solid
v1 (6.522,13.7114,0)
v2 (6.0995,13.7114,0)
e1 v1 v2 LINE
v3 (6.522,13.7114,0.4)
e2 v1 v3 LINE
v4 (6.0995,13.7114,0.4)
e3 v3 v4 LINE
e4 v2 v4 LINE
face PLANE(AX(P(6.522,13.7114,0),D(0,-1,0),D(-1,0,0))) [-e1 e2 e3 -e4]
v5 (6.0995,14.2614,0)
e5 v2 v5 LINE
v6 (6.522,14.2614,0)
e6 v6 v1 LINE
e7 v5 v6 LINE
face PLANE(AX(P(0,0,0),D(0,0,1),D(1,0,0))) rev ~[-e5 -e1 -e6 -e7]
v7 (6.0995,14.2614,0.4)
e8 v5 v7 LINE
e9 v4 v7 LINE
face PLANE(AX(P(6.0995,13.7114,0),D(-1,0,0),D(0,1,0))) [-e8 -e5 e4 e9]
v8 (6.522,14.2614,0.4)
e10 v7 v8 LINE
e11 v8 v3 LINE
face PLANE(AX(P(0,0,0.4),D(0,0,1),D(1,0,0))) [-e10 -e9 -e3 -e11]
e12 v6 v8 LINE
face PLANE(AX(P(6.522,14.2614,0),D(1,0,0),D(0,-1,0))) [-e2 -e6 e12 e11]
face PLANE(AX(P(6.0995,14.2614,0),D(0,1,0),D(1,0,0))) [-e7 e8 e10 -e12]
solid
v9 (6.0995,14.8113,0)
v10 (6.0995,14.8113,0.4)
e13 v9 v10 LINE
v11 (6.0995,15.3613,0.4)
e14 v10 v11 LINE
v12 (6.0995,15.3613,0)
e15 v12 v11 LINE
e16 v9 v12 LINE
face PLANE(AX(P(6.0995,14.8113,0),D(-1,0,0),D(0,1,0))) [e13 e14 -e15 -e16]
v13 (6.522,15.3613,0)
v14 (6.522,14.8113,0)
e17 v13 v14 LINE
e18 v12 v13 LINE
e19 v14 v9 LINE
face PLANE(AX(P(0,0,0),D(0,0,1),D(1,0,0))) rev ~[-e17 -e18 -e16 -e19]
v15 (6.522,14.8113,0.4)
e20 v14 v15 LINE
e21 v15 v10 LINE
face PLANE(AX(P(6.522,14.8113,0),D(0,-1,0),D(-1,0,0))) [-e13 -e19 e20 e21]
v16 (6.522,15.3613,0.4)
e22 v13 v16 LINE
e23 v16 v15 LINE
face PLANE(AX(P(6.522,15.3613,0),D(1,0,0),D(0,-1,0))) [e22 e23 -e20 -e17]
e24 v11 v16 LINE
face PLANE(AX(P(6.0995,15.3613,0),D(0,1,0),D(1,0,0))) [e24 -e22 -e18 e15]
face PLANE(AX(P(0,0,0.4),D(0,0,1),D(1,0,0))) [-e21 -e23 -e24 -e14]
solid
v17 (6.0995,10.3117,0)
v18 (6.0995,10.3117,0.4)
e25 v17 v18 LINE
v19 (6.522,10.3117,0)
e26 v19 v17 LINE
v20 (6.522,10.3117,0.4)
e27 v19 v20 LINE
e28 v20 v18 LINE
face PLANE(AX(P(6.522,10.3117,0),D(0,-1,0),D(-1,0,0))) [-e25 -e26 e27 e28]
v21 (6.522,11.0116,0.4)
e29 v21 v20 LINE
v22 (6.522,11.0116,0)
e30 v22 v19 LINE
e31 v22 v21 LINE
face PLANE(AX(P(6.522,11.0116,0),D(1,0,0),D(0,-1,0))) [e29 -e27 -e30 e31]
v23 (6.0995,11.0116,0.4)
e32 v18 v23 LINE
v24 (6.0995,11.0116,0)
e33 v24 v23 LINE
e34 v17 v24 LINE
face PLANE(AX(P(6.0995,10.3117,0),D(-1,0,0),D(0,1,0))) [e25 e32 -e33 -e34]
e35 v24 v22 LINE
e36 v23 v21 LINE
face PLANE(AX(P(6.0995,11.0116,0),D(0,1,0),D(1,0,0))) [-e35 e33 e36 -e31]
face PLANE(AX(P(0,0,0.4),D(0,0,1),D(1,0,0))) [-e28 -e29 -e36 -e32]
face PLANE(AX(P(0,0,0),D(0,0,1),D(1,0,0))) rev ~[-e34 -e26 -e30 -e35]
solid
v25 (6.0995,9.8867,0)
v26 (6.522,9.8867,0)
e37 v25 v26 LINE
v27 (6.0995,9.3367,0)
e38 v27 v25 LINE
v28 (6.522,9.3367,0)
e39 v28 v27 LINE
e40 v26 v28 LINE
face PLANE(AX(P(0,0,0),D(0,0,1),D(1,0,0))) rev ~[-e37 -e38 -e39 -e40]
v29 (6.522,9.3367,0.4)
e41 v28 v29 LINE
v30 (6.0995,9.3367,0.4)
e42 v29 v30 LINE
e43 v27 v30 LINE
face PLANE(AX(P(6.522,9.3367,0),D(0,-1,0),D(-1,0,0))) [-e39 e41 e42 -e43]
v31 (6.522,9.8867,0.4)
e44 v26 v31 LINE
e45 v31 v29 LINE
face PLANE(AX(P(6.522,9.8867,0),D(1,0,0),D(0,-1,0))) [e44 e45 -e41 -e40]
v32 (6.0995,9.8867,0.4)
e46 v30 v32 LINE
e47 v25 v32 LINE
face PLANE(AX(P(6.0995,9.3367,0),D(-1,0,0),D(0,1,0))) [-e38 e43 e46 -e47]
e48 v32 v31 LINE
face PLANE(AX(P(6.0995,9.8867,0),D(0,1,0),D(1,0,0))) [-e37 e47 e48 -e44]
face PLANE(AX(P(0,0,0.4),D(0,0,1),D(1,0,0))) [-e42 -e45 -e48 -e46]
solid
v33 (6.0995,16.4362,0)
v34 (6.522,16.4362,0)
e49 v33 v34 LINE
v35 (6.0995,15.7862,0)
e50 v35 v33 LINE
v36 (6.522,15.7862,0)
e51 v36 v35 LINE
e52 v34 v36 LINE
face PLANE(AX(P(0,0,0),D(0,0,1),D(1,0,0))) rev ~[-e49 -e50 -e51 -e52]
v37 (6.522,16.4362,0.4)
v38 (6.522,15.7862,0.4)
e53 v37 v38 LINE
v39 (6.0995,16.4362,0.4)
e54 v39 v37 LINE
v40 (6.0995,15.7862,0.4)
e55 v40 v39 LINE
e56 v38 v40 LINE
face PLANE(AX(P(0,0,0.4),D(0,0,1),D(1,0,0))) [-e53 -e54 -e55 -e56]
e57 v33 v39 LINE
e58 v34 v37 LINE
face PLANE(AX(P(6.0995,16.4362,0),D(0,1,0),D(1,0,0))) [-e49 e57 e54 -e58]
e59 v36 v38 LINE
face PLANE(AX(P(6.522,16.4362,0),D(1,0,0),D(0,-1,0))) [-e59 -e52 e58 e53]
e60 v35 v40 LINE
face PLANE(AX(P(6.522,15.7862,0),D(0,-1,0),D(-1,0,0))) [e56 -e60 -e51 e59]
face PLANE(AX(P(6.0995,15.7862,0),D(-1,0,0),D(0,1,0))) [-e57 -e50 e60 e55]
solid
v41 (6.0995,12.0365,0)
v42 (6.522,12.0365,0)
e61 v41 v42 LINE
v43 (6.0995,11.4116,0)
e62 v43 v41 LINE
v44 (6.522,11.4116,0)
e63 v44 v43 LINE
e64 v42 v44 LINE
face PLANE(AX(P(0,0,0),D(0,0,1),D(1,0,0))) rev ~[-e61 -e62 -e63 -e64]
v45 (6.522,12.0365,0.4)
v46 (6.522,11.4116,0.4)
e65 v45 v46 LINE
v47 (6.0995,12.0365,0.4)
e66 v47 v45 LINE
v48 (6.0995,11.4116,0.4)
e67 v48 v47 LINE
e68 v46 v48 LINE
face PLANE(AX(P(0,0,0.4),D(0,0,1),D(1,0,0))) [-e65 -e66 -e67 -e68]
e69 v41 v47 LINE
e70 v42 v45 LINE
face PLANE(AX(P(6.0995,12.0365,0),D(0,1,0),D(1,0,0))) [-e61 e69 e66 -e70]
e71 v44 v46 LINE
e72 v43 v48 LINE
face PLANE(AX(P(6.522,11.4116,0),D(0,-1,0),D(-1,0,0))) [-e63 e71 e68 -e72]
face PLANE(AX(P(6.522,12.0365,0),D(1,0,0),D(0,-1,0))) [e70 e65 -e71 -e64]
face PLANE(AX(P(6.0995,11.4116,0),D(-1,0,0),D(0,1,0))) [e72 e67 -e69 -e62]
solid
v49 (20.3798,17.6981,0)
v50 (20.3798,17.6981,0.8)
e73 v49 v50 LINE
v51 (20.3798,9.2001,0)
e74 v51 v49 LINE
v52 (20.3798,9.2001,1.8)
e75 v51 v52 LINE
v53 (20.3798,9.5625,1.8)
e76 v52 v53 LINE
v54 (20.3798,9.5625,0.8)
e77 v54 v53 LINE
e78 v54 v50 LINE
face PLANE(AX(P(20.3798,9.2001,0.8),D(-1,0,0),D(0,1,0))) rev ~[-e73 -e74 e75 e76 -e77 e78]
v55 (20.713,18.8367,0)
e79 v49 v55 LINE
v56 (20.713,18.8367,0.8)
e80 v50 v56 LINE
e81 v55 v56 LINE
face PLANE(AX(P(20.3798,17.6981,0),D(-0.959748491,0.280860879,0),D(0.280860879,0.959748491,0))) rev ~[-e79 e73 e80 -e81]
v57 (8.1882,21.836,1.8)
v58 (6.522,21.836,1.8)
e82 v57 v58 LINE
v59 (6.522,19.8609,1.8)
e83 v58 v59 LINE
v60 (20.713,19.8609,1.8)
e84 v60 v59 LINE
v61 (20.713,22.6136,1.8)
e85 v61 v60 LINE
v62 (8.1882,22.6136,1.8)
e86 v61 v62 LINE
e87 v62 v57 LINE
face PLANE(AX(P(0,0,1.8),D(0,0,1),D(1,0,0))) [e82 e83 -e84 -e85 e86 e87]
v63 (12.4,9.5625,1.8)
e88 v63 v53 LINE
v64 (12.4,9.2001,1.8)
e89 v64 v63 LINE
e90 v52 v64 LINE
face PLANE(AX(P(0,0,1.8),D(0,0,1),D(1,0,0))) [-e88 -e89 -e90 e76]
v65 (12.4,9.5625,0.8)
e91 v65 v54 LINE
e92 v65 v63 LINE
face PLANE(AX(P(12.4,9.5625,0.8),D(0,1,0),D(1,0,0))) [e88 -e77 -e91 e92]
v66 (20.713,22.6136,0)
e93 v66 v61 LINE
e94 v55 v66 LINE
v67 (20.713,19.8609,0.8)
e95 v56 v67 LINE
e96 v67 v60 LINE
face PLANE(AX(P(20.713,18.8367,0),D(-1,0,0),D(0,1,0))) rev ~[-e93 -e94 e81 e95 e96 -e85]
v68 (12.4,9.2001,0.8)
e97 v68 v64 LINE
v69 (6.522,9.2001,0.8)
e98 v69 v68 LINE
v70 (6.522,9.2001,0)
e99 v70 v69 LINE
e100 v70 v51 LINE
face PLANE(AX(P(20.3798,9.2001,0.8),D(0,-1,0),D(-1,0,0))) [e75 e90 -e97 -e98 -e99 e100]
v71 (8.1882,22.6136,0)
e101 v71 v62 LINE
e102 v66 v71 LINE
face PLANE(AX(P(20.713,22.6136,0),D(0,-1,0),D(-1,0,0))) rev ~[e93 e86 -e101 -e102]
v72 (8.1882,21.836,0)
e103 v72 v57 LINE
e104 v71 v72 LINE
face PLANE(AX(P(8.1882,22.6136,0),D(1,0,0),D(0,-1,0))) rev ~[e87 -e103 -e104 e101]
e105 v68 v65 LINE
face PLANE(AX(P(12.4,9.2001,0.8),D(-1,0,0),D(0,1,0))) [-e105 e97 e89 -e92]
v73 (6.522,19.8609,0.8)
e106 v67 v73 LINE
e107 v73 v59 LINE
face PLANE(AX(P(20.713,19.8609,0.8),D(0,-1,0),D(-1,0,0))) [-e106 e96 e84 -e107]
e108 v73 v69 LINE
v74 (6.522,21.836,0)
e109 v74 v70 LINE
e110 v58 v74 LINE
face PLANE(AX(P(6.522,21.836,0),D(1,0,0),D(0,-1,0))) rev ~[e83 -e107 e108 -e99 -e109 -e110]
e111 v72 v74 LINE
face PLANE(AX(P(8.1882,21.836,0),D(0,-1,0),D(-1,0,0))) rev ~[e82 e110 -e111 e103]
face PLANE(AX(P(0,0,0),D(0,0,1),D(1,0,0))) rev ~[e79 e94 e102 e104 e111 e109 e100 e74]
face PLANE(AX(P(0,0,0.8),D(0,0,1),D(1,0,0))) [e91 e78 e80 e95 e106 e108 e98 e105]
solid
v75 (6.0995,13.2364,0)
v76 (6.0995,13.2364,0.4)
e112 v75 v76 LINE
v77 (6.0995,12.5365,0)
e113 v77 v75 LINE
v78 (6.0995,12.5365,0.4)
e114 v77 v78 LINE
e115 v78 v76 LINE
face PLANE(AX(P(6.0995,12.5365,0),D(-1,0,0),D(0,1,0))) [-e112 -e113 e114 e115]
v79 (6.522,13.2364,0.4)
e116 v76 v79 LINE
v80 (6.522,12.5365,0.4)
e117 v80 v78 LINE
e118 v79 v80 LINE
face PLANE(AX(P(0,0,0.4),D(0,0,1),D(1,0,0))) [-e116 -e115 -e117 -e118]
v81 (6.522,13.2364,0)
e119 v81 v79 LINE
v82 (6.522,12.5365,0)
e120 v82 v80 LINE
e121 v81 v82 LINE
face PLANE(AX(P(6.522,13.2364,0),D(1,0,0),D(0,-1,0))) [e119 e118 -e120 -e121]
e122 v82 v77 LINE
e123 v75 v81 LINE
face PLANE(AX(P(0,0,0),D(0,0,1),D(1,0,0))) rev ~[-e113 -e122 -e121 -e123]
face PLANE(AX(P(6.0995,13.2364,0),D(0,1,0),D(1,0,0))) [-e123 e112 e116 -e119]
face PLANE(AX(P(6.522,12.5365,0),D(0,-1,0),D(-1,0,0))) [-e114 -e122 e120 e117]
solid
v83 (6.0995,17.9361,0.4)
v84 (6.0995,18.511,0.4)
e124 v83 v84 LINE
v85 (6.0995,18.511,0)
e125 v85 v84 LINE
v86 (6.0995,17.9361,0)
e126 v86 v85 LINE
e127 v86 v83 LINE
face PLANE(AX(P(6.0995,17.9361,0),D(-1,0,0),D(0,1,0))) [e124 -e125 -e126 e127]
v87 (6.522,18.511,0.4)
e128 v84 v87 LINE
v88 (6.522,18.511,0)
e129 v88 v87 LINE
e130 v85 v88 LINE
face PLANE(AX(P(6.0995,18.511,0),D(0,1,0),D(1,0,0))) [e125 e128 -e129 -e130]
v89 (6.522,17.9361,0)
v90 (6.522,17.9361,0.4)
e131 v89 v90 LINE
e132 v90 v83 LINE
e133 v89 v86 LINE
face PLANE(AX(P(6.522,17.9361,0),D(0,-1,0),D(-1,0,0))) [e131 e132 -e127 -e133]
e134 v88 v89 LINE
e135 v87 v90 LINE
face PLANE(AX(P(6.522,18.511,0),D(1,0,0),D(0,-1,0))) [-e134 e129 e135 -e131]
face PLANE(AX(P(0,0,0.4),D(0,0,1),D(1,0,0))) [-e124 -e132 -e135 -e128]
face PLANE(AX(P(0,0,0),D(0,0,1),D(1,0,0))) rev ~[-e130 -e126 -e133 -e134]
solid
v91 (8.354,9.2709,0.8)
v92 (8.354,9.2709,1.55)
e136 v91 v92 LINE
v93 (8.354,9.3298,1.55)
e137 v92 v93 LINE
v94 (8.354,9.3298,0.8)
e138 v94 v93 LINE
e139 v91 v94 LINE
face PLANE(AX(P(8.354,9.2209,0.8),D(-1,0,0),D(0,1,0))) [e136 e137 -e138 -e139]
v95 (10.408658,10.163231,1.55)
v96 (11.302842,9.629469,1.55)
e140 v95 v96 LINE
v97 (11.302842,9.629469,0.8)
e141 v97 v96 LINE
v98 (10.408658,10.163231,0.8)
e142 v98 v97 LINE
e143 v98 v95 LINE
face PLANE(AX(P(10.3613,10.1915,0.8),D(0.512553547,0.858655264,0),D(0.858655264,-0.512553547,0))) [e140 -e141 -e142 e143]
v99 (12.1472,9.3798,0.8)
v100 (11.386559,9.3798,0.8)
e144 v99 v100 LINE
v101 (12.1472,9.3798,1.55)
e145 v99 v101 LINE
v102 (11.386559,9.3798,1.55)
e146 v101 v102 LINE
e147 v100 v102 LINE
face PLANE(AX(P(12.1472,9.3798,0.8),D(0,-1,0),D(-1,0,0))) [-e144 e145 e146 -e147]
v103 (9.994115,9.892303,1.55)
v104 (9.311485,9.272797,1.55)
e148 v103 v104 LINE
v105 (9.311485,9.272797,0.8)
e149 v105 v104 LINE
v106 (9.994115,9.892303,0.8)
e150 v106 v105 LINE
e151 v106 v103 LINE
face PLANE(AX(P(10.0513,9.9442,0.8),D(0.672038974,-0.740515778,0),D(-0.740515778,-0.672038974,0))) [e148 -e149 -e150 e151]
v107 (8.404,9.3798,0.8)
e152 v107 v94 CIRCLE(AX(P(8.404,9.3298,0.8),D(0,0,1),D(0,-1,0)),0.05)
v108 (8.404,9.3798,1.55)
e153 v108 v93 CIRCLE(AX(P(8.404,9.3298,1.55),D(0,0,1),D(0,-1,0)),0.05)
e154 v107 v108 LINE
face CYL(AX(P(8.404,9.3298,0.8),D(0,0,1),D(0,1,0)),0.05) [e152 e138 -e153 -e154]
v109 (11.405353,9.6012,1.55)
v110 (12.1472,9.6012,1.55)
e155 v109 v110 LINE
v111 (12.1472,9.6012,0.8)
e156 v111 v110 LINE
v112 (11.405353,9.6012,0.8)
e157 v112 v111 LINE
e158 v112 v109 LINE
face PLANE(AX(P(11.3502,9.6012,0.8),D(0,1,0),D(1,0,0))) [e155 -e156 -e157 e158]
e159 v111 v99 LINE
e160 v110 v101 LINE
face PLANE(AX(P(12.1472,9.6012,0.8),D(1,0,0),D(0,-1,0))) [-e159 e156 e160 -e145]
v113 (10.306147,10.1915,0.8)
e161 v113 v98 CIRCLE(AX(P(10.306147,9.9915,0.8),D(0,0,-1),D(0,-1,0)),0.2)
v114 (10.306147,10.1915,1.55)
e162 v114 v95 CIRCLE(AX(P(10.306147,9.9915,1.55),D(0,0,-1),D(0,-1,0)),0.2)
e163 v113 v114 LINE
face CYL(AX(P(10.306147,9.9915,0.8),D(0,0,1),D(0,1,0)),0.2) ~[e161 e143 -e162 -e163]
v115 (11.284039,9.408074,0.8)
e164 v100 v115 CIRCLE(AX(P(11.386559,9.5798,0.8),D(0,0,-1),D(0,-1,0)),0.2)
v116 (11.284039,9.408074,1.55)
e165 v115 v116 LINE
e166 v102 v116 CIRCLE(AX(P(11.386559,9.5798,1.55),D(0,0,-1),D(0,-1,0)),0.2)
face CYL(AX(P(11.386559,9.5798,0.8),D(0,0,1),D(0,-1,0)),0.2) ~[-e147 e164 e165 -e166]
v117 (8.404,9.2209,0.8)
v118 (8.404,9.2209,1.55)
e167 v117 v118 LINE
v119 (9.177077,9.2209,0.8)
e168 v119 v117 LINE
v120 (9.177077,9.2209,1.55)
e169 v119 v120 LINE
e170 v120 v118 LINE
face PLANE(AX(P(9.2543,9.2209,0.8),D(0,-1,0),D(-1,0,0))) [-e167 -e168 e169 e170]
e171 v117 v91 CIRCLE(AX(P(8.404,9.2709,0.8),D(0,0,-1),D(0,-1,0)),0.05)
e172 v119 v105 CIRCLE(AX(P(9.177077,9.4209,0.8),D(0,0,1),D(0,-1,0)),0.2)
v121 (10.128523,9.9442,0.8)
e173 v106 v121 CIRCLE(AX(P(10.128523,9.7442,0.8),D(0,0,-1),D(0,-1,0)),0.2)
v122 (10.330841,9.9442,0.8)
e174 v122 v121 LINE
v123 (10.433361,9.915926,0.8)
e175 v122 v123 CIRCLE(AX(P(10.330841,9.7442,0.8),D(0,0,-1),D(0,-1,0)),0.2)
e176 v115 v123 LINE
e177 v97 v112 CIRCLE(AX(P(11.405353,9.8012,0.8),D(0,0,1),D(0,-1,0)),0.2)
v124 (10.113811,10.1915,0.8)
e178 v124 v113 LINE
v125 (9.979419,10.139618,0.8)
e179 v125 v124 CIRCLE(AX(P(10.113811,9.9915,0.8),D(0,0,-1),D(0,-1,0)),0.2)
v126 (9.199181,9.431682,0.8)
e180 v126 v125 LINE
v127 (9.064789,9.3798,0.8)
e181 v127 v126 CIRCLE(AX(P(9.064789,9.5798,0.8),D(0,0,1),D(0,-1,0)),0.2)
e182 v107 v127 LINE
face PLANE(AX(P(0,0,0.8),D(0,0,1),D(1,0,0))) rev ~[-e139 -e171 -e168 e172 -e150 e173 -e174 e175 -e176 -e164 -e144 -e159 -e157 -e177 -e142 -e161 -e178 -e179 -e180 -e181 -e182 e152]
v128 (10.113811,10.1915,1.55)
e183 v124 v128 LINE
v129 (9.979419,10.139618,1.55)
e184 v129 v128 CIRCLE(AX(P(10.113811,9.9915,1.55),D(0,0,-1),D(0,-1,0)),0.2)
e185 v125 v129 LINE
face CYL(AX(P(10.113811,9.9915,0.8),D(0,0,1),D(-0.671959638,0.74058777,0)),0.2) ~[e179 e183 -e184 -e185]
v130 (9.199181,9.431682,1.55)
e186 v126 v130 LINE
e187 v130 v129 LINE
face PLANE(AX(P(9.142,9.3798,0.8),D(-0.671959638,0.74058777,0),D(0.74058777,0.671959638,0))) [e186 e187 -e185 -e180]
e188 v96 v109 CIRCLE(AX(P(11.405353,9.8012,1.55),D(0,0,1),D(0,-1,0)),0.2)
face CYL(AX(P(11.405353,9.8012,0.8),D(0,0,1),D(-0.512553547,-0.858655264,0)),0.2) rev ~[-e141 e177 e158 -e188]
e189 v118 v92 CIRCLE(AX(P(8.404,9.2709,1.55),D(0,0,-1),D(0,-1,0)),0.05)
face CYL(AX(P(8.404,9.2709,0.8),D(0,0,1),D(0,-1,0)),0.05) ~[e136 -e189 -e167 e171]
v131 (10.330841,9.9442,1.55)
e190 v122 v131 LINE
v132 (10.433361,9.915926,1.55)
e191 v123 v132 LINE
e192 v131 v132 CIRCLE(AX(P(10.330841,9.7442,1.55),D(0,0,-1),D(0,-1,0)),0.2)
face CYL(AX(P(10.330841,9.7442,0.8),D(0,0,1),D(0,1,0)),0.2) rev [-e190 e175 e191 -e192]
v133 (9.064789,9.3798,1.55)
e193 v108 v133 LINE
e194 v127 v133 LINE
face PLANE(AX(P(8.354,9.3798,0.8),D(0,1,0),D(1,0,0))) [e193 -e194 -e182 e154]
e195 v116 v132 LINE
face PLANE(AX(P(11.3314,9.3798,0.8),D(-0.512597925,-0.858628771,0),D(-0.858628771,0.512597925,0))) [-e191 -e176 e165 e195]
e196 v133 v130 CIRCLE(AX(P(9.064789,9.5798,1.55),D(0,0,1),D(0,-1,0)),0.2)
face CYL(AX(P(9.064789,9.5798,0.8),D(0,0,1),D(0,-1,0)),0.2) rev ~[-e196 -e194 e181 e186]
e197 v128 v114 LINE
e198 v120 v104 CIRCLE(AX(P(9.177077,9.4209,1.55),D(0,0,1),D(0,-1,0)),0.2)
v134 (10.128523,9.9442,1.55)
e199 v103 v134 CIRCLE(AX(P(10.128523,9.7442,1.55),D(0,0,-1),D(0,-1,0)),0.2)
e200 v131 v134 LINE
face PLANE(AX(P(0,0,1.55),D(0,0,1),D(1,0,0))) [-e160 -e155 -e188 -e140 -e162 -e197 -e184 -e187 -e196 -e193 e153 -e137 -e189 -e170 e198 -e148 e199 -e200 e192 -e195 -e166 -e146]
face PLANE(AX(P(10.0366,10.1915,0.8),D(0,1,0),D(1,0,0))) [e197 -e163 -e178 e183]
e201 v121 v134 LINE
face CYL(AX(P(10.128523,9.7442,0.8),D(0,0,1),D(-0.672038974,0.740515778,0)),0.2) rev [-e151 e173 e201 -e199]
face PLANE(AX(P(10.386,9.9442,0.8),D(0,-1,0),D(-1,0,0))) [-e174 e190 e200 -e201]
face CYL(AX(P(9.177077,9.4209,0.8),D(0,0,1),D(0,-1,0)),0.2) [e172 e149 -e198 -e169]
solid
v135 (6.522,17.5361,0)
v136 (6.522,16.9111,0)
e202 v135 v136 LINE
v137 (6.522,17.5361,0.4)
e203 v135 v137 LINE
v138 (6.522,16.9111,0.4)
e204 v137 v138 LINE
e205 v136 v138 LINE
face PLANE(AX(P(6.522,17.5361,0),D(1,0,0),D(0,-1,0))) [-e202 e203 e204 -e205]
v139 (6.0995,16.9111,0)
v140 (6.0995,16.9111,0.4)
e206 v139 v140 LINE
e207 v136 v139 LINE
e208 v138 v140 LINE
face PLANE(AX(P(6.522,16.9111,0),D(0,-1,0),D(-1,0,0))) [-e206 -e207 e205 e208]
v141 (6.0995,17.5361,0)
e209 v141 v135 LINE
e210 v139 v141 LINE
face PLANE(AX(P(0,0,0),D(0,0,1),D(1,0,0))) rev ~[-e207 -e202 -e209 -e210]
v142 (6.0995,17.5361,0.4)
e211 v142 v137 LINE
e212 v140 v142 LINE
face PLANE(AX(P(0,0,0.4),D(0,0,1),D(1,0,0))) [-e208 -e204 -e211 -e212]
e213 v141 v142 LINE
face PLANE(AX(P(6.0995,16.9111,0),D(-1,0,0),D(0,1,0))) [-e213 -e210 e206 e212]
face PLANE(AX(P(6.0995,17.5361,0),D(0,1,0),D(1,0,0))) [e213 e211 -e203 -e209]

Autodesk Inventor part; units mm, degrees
ref_plane "YZ Plane" through (0, 0, 0) normal (1, 0, 0) x (0, 1, 0)
ref_plane "XZ Plane" through (0, 0, 0) normal (0, 1, 0) x (-1, 0, 0)
ref_plane "XY Plane" through (0, 0, 0) normal (0, 0, 1) x (1, 0, 0)
sketch "Sketch1" plane through (0, 0, 0) normal (0, 0, 1) x (1, 0, 0)
  line L0 (20.713, 22.6136) -> (8.1882, 22.6136)
  line L1 (8.1882, 22.6136) -> (8.1882, 21.836)
  line L2 (8.1882, 21.836) -> (6.522, 21.836)
  line L3 (6.522, 21.836) -> (6.522, 9.2001)
  line L4 (6.522, 9.2001) -> (20.3798, 9.2001)
  line L5 (20.3798, 9.2001) -> (20.3798, 17.6981)
  line L6 (20.3798, 17.6981) -> (20.713, 18.8367)
  line L7 (20.713, 18.8367) -> (20.713, 22.6136)
  point P0 (0, 0)
extrude "Extrusion1" add sketch "Sketch1" along normal blind 0.8
sketch "Sketch2" plane through (0, 0, 0.8) normal (0, 0, 1) x (1, 0, 0)
  line L0 (20.713, 22.6136) -> (8.1882, 22.6136) projected
  line L1 (20.713, 22.6136) -> (20.713, 19.8609)
  line L2 (20.713, 18.8367) -> (20.713, 22.6136) projected
  line L3 (20.713, 19.8609) -> (6.522, 19.8609)
  line L4 (6.522, 21.836) -> (6.522, 9.2001) projected
  line L5 (6.522, 19.8609) -> (6.522, 21.836)
  line L6 (8.1882, 21.836) -> (6.522, 21.836) projected
  line L7 (6.522, 21.836) -> (8.1882, 21.836)
  line L8 (8.1882, 22.6136) -> (8.1882, 21.836) projected
  line L9 (8.1882, 21.836) -> (8.1882, 22.6136)
  line L10 (8.1882, 22.6136) -> (20.713, 22.6136)
  line L11 (20.713, 19.8609) -> (6.522, 19.8609)
  point P0 (0, 0)
extrude "Extrusion2" add sketch "Sketch2" along normal blind 1
ref_plane "Work Plane1" through (0, 0, 0) normal (0, 0, 1) x (1, 0, 0)
sketch "Sketch3" plane through (0, 0, 0) normal (0, 0, 1) x (1, 0, 0)
  line L0 (6.522, 21.836) -> (6.522, 9.2001) projected
  line L1 (6.0995, 18.511) -> (6.522, 18.511)
  line L2 (6.522, 18.511) -> (6.522, 17.9361)
  line L3 (6.522, 17.9361) -> (6.0995, 17.9361)
  line L4 (6.0995, 17.9361) -> (6.0995, 18.511)
  line L5 (6.0995, 17.5361) -> (6.522, 17.5361)
  line L6 (6.522, 17.5361) -> (6.522, 16.9111)
  line L7 (6.522, 16.9111) -> (6.0995, 16.9111)
  line L8 (6.0995, 16.9111) -> (6.0995, 17.5361)
  line L9 (6.0995, 16.4362) -> (6.522, 16.4362)
  line L10 (6.522, 16.4362) -> (6.522, 15.7862)
  line L11 (6.522, 15.7862) -> (6.0995, 15.7862)
  line L12 (6.0995, 15.7862) -> (6.0995, 16.4362)
  line L13 (6.0995, 15.3613) -> (6.522, 15.3613)
  line L14 (6.522, 15.3613) -> (6.522, 14.8113)
  line L15 (6.522, 14.8113) -> (6.0995, 14.8113)
  line L16 (6.0995, 14.8113) -> (6.0995, 15.3613)
  line L17 (6.0995, 14.2614) -> (6.522, 14.2614)
  line L18 (6.522, 14.2614) -> (6.522, 13.7114)
  line L19 (6.522, 13.7114) -> (6.0995, 13.7114)
  line L20 (6.0995, 13.7114) -> (6.0995, 14.2614)
  line L21 (6.0995, 13.2364) -> (6.522, 13.2364)
  line L22 (6.522, 13.2364) -> (6.522, 12.5365)
  line L23 (6.522, 12.5365) -> (6.0995, 12.5365)
  line L24 (6.0995, 12.5365) -> (6.0995, 13.2364)
  line L25 (6.0995, 12.0365) -> (6.522, 12.0365)
  line L26 (6.522, 12.0365) -> (6.522, 11.4116)
  line L27 (6.522, 11.4116) -> (6.0995, 11.4116)
  line L28 (6.0995, 11.4116) -> (6.0995, 12.0365)
  line L29 (6.0995, 11.0116) -> (6.522, 11.0116)
  line L30 (6.522, 11.0116) -> (6.522, 10.3117)
  line L31 (6.522, 10.3117) -> (6.0995, 10.3117)
  line L32 (6.0995, 10.3117) -> (6.0995, 11.0116)
  line L33 (6.0995, 9.8867) -> (6.522, 9.8867)
  line L34 (6.522, 9.8867) -> (6.522, 9.3367)
  line L35 (6.522, 9.3367) -> (6.0995, 9.3367)
  line L36 (6.0995, 9.3367) -> (6.0995, 9.8867)
  point P0 (0, 0)
extrude "Extrusion3" add sketch "Sketch3" along normal blind 0.4 separate body
sketch "Sketch4" plane through (0, 0, 0.8) normal (0, 0, 1) x (1, 0, 0)
  line L0 (20.3798, 9.2001) -> (20.3798, 17.6981) projected
  line L1 (20.3798, 9.2001) -> (12.4, 9.2001)
  line L2 (12.4, 9.2001) -> (12.4, 9.5625)
  line L3 (12.4, 9.5625) -> (20.3798, 9.5625)
  line L4 (20.3798, 9.5625) -> (20.3798, 9.2001)
  point P0 (0, 0)
extrude "Extrusion4" add sketch "Sketch4" along normal blind 1 bodies 1
sketch "Sketch5" plane through (0, 0, 0.8) normal (0, 0, 1) x (1, 0, 0)
  line L0 (8.354, 9.3798) -> (9.142, 9.3798)
  line L1 (9.142, 9.3798) -> (10.0366, 10.1915)
  line L2 (10.0366, 10.1915) -> (10.3613, 10.1915)
  line L3 (10.3613, 10.1915) -> (11.3502, 9.6012)
  line L4 (11.3502, 9.6012) -> (12.1472, 9.6012)
  line L5 (12.1472, 9.6012) -> (12.1472, 9.3798)
  line L6 (12.1472, 9.3798) -> (11.3314, 9.3798)
  line L7 (11.3314, 9.3798) -> (10.386, 9.9442)
  line L8 (10.386, 9.9442) -> (10.0513, 9.9442)
  line L9 (10.0513, 9.9442) -> (9.2543, 9.2209)
  line L10 (9.2543, 9.2209) -> (8.354, 9.2209)
  line L11 (8.354, 9.2209) -> (8.354, 9.3798)
  point P0 (0, 0)
extrude "Extrusion5" add sketch "Sketch5" along normal blind 0.75 separate body
fillet "Fillet1" radius 0.05 2 edges at (8.354, 9.2209, 1.175) (8.354, 9.3798, 1.175)
fillet "Fillet2" radius 0.2 8 edges at (10.386, 9.9442, 1.175) (10.0513, 9.9442, 1.175) (9.2543, 9.2209, 1.175) (9.142, 9.3798, 1.175) (10.0366, 10.1915, 1.175) (10.3613, 10.1915, 1.175) (11.3502, 9.6012, 1.175) (11.3314, 9.3798, 1.175)
properties part number "SD_Center"
